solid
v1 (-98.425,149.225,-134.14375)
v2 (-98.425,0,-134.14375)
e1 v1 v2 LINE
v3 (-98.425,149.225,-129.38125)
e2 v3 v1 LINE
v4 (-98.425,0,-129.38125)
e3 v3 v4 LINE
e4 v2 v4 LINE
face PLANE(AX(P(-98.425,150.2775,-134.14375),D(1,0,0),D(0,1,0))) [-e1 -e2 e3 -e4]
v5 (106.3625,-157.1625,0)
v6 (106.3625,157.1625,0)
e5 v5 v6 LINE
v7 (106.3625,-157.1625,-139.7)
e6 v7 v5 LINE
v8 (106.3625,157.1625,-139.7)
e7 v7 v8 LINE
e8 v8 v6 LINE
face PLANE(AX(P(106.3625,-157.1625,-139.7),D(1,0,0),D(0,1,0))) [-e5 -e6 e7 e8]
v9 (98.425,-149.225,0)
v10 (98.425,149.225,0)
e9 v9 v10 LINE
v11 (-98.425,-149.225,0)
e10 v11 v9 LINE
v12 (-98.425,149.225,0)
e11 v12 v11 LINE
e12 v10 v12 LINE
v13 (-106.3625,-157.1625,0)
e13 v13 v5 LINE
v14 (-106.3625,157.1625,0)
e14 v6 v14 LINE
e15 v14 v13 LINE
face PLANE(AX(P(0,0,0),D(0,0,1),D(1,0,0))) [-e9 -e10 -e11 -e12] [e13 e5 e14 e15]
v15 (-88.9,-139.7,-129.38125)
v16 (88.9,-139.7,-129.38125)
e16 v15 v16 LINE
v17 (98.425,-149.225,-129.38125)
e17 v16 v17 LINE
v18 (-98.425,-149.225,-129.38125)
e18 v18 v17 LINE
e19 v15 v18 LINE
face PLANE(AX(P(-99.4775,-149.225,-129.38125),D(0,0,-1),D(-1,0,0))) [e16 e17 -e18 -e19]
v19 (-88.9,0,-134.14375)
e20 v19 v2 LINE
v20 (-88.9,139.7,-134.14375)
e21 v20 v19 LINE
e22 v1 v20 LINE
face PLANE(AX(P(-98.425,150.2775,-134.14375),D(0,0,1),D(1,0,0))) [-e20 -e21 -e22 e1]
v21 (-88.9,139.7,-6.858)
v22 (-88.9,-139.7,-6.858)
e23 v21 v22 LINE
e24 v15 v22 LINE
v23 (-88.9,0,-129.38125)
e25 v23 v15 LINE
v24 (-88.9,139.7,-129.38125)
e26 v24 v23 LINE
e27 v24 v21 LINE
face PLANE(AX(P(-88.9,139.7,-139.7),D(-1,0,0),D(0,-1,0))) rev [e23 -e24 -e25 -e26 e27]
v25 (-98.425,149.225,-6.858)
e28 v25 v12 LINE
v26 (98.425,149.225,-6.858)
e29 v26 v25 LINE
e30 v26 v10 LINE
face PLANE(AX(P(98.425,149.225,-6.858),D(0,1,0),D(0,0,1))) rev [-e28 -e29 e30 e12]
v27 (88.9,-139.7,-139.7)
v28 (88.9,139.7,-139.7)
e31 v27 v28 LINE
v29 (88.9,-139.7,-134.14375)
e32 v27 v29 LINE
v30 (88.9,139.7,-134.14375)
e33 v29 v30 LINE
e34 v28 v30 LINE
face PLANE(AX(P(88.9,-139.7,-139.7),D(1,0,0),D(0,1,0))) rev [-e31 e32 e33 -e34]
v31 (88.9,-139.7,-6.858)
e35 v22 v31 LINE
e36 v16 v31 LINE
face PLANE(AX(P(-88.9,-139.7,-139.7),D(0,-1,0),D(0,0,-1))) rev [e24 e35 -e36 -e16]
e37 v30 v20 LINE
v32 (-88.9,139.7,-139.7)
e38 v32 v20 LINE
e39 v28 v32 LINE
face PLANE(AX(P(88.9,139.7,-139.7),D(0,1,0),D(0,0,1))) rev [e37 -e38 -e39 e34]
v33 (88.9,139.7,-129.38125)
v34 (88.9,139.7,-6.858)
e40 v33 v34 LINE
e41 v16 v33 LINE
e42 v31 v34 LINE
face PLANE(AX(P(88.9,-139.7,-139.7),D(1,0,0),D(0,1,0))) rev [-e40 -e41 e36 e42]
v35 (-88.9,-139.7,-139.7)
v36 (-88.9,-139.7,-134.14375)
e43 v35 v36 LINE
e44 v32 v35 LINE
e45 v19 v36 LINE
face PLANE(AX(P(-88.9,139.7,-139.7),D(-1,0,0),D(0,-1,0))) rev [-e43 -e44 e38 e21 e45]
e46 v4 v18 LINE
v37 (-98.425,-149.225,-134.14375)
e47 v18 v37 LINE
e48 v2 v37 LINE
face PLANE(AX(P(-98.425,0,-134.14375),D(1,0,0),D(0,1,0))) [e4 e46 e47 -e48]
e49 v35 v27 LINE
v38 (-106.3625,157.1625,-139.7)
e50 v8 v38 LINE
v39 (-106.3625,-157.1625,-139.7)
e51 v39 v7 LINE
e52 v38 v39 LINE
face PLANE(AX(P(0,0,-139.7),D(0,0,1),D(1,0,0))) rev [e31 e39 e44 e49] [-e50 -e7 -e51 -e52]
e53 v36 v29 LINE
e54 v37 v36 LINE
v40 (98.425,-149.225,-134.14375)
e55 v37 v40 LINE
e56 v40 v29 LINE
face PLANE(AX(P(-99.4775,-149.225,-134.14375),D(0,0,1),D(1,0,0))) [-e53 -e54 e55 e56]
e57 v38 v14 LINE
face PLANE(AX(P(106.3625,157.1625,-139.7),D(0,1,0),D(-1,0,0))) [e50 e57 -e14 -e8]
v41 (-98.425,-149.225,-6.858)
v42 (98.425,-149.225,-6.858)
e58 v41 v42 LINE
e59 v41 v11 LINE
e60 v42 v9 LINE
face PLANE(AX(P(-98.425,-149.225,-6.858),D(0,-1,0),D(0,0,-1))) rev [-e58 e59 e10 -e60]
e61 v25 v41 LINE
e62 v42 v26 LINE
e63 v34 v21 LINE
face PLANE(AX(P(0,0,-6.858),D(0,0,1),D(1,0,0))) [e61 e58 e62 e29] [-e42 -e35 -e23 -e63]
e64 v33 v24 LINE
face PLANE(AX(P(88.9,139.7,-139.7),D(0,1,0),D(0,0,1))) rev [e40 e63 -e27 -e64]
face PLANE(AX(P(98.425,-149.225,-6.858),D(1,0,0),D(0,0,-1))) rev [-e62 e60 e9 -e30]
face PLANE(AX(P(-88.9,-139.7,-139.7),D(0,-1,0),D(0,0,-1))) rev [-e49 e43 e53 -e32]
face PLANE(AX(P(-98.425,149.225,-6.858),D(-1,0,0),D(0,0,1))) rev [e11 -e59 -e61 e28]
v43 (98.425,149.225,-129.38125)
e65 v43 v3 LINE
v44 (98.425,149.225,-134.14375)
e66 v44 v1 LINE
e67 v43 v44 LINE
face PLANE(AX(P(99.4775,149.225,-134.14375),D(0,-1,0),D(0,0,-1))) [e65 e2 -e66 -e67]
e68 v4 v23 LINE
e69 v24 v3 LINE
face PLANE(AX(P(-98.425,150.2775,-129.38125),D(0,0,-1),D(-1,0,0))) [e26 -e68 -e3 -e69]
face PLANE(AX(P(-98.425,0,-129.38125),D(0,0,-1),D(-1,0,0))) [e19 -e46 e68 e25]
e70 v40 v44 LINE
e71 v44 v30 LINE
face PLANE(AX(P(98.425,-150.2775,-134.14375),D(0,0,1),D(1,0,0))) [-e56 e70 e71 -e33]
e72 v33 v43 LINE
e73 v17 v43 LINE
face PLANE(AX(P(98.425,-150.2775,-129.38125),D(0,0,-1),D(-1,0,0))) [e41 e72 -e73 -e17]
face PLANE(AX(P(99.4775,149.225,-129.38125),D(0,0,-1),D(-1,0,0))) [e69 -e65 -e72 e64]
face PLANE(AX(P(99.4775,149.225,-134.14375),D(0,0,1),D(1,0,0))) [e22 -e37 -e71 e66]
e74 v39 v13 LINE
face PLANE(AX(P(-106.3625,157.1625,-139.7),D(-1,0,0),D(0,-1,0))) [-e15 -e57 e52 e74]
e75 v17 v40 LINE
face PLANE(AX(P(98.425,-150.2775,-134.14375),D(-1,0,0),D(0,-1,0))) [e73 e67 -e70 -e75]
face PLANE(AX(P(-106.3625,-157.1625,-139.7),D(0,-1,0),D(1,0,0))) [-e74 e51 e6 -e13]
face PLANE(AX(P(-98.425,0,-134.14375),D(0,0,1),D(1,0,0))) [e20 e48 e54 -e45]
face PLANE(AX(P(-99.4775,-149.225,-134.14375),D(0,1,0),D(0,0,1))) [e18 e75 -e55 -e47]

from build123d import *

# Parameters (mm, degrees)
SKETCH1_W           = 212.725
SKETCH1_H           = 314.325
SKETCH1_W_2         = 177.8
SKETCH1_H_2         = 279.4
BOSS_EXTRUDE1_DEPTH = 139.7
SKETCH4_W           = 9.525
SKETCH4_H           = 4.7625
SKETCH6_W           = 196.85
SKETCH6_H           = 298.45
SKETCH6_W_2         = 177.8
SKETCH6_H_2         = 279.4
CUT_EXTRUDE3_DEPTH  = 6.858


with BuildPart() as part:
    # Sketch1 → Boss-Extrude1 (new body)
    with BuildSketch(Plane.XY):
        Rectangle(SKETCH1_W, SKETCH1_H)
        Rectangle(SKETCH1_W_2, SKETCH1_H_2, mode=Mode.SUBTRACT)
    extrude(amount=-BOSS_EXTRUDE1_DEPTH)

    # Cut-Sweep2: sweep along a path in Sketch5
    with BuildLine(Plane(origin=(0, 0, -139.7), x_dir=(-1, 0, 0), z_dir=(0, 0, -1))) as cut_sweep2_path:
        Line((-88.9, -139.7), (-88.9, 139.7))
        Line((-88.9, 139.7), (88.9, 139.7))
        Line((88.9, 139.7), (88.9, -139.7))
        Line((88.9, -139.7), (-88.9, -139.7))
    # Sketch4 → Cut-Sweep2 (sweep, cut)
    with BuildSketch(Plane(origin=(0, 0, 0), x_dir=(1, 0, 0), z_dir=(0, 1, 0))):
        with Locations((-93.6625, 131.7625)):
            Rectangle(SKETCH4_W, SKETCH4_H)
    sweep(path=cut_sweep2_path.line, transition=Transition.RIGHT, mode=Mode.SUBTRACT)

    # Sketch6 → Cut-Extrude3 (cut)
    with BuildSketch(Plane.XY):
        Rectangle(SKETCH6_W, SKETCH6_H)
        Rectangle(SKETCH6_W_2, SKETCH6_H_2, mode=Mode.SUBTRACT)
    extrude(amount=-CUT_EXTRUDE3_DEPTH, mode=Mode.SUBTRACT)


solid = part.part
